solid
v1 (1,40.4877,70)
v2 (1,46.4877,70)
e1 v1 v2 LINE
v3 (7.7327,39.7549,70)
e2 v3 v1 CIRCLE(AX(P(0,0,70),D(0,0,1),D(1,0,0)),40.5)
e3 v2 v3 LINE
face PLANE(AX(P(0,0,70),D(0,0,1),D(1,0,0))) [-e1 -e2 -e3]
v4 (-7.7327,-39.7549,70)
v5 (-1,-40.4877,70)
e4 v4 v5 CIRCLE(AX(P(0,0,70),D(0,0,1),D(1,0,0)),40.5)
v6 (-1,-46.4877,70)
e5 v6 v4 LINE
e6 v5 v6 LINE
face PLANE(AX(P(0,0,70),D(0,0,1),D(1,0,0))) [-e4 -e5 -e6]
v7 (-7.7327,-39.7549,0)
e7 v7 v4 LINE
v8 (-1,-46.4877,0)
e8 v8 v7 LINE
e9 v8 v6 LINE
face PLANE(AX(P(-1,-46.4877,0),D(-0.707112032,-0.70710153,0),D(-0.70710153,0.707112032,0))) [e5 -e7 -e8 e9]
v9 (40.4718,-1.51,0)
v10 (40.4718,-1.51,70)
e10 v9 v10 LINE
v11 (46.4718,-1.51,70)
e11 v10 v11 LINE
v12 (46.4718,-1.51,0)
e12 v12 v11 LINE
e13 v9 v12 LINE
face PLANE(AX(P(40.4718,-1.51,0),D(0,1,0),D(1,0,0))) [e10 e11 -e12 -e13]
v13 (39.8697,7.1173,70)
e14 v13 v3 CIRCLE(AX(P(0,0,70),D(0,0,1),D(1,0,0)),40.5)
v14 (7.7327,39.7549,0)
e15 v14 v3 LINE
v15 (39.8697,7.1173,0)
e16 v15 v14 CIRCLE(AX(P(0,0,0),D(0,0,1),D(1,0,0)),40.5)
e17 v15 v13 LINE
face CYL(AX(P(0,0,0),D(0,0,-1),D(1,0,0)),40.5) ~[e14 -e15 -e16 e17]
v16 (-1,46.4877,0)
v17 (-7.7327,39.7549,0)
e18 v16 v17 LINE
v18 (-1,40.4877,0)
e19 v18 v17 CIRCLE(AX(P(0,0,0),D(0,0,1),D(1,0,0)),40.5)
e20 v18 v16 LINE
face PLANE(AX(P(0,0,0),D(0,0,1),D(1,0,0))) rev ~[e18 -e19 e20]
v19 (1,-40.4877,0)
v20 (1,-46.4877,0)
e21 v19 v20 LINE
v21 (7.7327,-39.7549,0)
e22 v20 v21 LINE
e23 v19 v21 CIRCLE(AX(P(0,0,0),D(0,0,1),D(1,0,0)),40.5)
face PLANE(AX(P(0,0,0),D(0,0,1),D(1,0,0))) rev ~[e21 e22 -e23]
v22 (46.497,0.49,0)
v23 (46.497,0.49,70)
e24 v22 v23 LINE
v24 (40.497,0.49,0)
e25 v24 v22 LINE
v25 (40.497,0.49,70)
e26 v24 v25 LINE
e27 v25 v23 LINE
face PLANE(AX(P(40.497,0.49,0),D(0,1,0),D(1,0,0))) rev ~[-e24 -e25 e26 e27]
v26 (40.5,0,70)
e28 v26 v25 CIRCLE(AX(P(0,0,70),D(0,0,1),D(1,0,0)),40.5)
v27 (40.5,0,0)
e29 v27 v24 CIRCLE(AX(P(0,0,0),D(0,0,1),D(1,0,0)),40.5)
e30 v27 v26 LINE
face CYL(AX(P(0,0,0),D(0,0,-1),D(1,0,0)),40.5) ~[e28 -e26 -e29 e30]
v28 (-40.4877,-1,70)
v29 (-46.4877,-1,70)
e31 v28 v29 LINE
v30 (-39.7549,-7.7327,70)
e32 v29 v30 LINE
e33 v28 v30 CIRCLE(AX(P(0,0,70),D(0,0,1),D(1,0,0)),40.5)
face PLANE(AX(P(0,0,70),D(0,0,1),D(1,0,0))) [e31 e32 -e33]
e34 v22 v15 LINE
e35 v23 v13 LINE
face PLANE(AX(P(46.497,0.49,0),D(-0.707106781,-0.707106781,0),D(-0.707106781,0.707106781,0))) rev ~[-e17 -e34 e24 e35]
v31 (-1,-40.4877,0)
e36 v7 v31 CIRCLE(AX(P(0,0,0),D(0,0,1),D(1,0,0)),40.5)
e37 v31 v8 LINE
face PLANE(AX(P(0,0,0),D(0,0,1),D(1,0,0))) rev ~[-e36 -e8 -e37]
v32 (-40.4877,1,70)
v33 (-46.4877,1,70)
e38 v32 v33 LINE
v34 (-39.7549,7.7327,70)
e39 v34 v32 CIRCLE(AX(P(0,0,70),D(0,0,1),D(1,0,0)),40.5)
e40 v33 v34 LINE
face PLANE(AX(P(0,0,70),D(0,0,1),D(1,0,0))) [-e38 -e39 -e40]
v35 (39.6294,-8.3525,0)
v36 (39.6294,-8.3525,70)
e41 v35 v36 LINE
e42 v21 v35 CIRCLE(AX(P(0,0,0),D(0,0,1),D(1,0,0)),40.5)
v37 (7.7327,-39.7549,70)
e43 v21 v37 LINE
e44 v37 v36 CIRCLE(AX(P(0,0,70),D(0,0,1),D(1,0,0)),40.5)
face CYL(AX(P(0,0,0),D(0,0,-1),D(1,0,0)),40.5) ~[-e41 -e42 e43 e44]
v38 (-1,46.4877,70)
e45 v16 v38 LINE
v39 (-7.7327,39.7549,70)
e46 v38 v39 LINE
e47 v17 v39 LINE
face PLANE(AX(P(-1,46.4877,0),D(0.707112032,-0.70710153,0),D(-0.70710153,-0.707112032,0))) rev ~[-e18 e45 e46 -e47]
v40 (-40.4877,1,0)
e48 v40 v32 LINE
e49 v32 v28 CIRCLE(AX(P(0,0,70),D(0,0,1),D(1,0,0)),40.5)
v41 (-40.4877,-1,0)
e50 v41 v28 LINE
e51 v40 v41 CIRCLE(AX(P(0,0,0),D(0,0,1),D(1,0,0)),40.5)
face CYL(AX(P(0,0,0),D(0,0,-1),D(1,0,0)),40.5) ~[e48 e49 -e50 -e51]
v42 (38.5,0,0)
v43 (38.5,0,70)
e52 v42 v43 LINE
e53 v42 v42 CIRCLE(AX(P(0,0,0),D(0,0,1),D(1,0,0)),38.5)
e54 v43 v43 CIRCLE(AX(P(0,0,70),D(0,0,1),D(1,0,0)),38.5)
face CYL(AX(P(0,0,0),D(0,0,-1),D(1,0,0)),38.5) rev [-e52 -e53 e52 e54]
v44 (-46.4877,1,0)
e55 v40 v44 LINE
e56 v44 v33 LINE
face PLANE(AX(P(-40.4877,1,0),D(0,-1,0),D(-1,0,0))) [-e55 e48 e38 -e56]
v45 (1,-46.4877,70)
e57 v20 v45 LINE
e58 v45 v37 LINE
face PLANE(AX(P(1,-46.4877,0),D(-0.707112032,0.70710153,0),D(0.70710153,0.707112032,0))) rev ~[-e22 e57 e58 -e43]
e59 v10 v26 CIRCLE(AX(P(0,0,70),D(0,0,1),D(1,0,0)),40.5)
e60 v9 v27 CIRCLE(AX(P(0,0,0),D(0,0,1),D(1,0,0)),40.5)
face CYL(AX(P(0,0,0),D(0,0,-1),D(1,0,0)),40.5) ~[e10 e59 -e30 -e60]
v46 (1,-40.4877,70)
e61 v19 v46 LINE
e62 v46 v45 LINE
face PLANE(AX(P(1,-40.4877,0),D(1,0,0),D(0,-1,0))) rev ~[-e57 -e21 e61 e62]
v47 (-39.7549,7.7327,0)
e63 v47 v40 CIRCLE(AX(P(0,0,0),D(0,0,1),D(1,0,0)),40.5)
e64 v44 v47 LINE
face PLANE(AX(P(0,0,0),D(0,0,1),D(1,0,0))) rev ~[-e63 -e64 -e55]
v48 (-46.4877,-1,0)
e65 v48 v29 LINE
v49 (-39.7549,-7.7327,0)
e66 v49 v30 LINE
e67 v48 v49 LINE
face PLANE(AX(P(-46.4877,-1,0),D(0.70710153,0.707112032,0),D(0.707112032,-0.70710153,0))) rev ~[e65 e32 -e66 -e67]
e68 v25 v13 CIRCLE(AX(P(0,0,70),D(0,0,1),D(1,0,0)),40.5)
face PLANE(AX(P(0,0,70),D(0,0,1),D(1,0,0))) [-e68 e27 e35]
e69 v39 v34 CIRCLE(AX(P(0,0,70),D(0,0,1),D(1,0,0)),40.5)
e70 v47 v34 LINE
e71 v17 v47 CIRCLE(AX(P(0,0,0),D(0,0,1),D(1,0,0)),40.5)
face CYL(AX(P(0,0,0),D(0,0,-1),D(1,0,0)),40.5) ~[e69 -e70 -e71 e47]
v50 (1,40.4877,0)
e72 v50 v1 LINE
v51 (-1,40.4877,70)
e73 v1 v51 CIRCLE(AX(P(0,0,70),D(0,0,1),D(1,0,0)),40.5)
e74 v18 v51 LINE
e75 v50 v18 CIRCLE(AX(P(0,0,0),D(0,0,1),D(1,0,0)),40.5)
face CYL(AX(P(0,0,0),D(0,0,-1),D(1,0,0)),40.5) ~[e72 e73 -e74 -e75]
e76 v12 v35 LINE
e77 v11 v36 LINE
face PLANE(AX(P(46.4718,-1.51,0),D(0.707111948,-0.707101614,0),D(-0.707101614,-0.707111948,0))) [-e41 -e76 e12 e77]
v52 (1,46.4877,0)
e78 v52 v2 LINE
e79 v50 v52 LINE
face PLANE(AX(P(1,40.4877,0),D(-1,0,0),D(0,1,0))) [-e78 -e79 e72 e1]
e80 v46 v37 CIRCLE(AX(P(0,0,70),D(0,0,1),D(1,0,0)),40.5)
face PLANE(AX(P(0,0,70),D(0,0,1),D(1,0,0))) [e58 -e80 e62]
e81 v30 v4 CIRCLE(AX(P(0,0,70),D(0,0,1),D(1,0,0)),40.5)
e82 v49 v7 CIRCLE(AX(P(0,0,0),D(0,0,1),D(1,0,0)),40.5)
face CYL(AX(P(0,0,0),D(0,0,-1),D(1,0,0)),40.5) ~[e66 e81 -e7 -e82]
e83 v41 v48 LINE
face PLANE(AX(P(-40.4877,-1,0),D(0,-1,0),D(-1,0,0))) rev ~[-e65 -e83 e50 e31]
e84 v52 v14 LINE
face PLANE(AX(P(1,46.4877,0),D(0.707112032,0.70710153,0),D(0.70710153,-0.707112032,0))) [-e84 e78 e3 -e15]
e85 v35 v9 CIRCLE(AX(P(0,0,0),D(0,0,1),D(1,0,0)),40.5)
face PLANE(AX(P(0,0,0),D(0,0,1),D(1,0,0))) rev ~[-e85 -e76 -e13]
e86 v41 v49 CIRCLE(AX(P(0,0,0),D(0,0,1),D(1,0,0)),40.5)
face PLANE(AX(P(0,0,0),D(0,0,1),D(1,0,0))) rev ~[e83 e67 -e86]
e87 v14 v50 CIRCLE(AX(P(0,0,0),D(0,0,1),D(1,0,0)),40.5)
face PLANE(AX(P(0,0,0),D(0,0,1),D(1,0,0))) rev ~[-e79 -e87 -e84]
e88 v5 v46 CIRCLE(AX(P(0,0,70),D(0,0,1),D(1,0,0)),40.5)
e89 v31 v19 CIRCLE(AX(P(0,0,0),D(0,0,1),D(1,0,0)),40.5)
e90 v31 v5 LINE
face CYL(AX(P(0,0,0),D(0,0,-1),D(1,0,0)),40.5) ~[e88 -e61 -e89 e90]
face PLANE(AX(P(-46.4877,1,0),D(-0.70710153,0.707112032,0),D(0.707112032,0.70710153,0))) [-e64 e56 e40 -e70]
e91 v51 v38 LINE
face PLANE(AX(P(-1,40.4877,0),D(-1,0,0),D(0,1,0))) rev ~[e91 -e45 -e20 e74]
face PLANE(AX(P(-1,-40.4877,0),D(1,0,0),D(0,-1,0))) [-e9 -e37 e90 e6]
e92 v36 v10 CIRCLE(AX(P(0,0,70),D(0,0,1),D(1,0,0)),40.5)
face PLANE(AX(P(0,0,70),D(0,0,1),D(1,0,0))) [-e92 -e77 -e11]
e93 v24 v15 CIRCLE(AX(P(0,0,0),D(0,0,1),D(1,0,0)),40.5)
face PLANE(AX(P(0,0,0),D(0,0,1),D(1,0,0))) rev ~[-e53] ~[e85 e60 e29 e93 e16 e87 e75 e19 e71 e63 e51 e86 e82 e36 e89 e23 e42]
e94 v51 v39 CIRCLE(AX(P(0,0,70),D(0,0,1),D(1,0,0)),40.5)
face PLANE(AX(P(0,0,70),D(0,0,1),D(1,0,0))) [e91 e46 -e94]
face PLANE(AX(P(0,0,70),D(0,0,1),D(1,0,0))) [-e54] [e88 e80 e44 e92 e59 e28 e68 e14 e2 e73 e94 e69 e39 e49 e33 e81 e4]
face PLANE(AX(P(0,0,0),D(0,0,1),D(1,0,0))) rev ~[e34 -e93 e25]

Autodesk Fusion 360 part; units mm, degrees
sketch "Sketch1" plane through (0, 0, 0) normal (0, 0, 1) x (1, 0, 0)
  circle A0 centre (0, 0) radius 38.5
  circle A1 centre (0, 0) radius 40.5
  line L0 (40.497, 0.49) -> (46.497, 0.49)
  line L1 (46.497, 0.49) -> (39.8697, 7.1173)
  line L2 (46.497, 0.49) -> (37.1246, 0.49) construction
  line L3 (46.497, 0.49) -> (46.497, -1.51) construction
  line L4 (37.1246, 0.49) -> (37.1246, -1.51) construction
  line L5 (37.1246, -1.51) -> (40.4718, -1.51) construction
  line L6 (40.4718, -1.51) -> (46.4718, -1.51)
  line L7 (46.4718, -1.51) -> (39.6294, -8.3525)
  line L8 (-1, 37) -> (1, 37) construction
  line L9 (1, 37) -> (1, 40.4877) construction
  line L10 (-1, 37) -> (-1, 40.4877) construction
  line L11 (-1, 40.4877) -> (-1, 46.4877)
  line L12 (-1, 46.4877) -> (-7.7327, 39.7549)
  line L13 (1, 40.4877) -> (1, 46.4877)
  line L14 (1, 46.4877) -> (7.7327, 39.7549)
  line L15 (-35, 1) -> (-35, -1) construction
  line L16 (-35, -1) -> (-40.4877, -1) construction
  line L17 (-35, 1) -> (-40.4877, 1) construction
  line L18 (-40.4877, -1) -> (-46.4877, -1)
  line L19 (-46.4877, -1) -> (-39.7549, -7.7327)
  line L20 (-40.4877, 1) -> (-46.4877, 1)
  line L21 (-46.4877, 1) -> (-39.7549, 7.7327)
  line L22 (-1, -37.5) -> (1, -37.5) construction
  line L23 (1, -37.5) -> (1, -40.4877) construction
  line L24 (-1, -37.5) -> (-1, -40.4877) construction
  line L25 (-1, -40.4877) -> (-1, -46.4877)
  line L26 (-1, -46.4877) -> (-7.7327, -39.7549)
  line L27 (1, -40.4877) -> (1, -46.4877)
  line L28 (1, -46.4877) -> (7.7327, -39.7549)
  dimension "d5" = 77
  dimension "d6" = 81
  dimension "d7" = 81
  dimension "d8" = 6
  dimension "d9" = 45
  dimension "d10" = 2
  dimension "d11" = 2
  dimension "d12" = 6
  dimension "d13" = 45
  dimension "d14" = 2
  dimension "d15" = 6
  dimension "d16" = 45
  dimension "d17" = 6
  dimension "d18" = 45
  dimension "d19" = 2
  dimension "d20" = 6
  dimension "d21" = 45
  dimension "d22" = 6
  dimension "d23" = 45
  dimension "d24" = 2
  dimension "d25" = 6
  dimension "d26" = 45
  dimension "d27" = 6
  dimension "d28" = 45
extrude "Extrude1" add sketch "Sketch1" along normal blind 70
equation "ytredim = 77 mm"
equation "lengdeholder = 6 mm"
equation "breddeholder = 2 mm"
equation "gradholder = 45 deg"
equation "d5 = ytredim"
equation "d6 = ytredim + 4 mm"
equation "d8 = lengdeholder"
equation "d9 = gradholder"
equation "d10 = breddeholder"
equation "d11 = breddeholder"
equation "d12 = lengdeholder"
equation "d13 = gradholder"
equation "d14 = breddeholder"
equation "d15 = lengdeholder"
equation "d16 = gradholder"
equation "d17 = lengdeholder"
equation "d18 = gradholder"
equation "d19 = breddeholder"
equation "d20 = lengdeholder"
equation "d21 = gradholder"
equation "d22 = lengdeholder"
equation "d23 = gradholder"
equation "d24 = breddeholder"
equation "d25 = lengdeholder"
equation "d26 = gradholder"
equation "d27 = lengdeholder"
equation "d28 = gradholder"
